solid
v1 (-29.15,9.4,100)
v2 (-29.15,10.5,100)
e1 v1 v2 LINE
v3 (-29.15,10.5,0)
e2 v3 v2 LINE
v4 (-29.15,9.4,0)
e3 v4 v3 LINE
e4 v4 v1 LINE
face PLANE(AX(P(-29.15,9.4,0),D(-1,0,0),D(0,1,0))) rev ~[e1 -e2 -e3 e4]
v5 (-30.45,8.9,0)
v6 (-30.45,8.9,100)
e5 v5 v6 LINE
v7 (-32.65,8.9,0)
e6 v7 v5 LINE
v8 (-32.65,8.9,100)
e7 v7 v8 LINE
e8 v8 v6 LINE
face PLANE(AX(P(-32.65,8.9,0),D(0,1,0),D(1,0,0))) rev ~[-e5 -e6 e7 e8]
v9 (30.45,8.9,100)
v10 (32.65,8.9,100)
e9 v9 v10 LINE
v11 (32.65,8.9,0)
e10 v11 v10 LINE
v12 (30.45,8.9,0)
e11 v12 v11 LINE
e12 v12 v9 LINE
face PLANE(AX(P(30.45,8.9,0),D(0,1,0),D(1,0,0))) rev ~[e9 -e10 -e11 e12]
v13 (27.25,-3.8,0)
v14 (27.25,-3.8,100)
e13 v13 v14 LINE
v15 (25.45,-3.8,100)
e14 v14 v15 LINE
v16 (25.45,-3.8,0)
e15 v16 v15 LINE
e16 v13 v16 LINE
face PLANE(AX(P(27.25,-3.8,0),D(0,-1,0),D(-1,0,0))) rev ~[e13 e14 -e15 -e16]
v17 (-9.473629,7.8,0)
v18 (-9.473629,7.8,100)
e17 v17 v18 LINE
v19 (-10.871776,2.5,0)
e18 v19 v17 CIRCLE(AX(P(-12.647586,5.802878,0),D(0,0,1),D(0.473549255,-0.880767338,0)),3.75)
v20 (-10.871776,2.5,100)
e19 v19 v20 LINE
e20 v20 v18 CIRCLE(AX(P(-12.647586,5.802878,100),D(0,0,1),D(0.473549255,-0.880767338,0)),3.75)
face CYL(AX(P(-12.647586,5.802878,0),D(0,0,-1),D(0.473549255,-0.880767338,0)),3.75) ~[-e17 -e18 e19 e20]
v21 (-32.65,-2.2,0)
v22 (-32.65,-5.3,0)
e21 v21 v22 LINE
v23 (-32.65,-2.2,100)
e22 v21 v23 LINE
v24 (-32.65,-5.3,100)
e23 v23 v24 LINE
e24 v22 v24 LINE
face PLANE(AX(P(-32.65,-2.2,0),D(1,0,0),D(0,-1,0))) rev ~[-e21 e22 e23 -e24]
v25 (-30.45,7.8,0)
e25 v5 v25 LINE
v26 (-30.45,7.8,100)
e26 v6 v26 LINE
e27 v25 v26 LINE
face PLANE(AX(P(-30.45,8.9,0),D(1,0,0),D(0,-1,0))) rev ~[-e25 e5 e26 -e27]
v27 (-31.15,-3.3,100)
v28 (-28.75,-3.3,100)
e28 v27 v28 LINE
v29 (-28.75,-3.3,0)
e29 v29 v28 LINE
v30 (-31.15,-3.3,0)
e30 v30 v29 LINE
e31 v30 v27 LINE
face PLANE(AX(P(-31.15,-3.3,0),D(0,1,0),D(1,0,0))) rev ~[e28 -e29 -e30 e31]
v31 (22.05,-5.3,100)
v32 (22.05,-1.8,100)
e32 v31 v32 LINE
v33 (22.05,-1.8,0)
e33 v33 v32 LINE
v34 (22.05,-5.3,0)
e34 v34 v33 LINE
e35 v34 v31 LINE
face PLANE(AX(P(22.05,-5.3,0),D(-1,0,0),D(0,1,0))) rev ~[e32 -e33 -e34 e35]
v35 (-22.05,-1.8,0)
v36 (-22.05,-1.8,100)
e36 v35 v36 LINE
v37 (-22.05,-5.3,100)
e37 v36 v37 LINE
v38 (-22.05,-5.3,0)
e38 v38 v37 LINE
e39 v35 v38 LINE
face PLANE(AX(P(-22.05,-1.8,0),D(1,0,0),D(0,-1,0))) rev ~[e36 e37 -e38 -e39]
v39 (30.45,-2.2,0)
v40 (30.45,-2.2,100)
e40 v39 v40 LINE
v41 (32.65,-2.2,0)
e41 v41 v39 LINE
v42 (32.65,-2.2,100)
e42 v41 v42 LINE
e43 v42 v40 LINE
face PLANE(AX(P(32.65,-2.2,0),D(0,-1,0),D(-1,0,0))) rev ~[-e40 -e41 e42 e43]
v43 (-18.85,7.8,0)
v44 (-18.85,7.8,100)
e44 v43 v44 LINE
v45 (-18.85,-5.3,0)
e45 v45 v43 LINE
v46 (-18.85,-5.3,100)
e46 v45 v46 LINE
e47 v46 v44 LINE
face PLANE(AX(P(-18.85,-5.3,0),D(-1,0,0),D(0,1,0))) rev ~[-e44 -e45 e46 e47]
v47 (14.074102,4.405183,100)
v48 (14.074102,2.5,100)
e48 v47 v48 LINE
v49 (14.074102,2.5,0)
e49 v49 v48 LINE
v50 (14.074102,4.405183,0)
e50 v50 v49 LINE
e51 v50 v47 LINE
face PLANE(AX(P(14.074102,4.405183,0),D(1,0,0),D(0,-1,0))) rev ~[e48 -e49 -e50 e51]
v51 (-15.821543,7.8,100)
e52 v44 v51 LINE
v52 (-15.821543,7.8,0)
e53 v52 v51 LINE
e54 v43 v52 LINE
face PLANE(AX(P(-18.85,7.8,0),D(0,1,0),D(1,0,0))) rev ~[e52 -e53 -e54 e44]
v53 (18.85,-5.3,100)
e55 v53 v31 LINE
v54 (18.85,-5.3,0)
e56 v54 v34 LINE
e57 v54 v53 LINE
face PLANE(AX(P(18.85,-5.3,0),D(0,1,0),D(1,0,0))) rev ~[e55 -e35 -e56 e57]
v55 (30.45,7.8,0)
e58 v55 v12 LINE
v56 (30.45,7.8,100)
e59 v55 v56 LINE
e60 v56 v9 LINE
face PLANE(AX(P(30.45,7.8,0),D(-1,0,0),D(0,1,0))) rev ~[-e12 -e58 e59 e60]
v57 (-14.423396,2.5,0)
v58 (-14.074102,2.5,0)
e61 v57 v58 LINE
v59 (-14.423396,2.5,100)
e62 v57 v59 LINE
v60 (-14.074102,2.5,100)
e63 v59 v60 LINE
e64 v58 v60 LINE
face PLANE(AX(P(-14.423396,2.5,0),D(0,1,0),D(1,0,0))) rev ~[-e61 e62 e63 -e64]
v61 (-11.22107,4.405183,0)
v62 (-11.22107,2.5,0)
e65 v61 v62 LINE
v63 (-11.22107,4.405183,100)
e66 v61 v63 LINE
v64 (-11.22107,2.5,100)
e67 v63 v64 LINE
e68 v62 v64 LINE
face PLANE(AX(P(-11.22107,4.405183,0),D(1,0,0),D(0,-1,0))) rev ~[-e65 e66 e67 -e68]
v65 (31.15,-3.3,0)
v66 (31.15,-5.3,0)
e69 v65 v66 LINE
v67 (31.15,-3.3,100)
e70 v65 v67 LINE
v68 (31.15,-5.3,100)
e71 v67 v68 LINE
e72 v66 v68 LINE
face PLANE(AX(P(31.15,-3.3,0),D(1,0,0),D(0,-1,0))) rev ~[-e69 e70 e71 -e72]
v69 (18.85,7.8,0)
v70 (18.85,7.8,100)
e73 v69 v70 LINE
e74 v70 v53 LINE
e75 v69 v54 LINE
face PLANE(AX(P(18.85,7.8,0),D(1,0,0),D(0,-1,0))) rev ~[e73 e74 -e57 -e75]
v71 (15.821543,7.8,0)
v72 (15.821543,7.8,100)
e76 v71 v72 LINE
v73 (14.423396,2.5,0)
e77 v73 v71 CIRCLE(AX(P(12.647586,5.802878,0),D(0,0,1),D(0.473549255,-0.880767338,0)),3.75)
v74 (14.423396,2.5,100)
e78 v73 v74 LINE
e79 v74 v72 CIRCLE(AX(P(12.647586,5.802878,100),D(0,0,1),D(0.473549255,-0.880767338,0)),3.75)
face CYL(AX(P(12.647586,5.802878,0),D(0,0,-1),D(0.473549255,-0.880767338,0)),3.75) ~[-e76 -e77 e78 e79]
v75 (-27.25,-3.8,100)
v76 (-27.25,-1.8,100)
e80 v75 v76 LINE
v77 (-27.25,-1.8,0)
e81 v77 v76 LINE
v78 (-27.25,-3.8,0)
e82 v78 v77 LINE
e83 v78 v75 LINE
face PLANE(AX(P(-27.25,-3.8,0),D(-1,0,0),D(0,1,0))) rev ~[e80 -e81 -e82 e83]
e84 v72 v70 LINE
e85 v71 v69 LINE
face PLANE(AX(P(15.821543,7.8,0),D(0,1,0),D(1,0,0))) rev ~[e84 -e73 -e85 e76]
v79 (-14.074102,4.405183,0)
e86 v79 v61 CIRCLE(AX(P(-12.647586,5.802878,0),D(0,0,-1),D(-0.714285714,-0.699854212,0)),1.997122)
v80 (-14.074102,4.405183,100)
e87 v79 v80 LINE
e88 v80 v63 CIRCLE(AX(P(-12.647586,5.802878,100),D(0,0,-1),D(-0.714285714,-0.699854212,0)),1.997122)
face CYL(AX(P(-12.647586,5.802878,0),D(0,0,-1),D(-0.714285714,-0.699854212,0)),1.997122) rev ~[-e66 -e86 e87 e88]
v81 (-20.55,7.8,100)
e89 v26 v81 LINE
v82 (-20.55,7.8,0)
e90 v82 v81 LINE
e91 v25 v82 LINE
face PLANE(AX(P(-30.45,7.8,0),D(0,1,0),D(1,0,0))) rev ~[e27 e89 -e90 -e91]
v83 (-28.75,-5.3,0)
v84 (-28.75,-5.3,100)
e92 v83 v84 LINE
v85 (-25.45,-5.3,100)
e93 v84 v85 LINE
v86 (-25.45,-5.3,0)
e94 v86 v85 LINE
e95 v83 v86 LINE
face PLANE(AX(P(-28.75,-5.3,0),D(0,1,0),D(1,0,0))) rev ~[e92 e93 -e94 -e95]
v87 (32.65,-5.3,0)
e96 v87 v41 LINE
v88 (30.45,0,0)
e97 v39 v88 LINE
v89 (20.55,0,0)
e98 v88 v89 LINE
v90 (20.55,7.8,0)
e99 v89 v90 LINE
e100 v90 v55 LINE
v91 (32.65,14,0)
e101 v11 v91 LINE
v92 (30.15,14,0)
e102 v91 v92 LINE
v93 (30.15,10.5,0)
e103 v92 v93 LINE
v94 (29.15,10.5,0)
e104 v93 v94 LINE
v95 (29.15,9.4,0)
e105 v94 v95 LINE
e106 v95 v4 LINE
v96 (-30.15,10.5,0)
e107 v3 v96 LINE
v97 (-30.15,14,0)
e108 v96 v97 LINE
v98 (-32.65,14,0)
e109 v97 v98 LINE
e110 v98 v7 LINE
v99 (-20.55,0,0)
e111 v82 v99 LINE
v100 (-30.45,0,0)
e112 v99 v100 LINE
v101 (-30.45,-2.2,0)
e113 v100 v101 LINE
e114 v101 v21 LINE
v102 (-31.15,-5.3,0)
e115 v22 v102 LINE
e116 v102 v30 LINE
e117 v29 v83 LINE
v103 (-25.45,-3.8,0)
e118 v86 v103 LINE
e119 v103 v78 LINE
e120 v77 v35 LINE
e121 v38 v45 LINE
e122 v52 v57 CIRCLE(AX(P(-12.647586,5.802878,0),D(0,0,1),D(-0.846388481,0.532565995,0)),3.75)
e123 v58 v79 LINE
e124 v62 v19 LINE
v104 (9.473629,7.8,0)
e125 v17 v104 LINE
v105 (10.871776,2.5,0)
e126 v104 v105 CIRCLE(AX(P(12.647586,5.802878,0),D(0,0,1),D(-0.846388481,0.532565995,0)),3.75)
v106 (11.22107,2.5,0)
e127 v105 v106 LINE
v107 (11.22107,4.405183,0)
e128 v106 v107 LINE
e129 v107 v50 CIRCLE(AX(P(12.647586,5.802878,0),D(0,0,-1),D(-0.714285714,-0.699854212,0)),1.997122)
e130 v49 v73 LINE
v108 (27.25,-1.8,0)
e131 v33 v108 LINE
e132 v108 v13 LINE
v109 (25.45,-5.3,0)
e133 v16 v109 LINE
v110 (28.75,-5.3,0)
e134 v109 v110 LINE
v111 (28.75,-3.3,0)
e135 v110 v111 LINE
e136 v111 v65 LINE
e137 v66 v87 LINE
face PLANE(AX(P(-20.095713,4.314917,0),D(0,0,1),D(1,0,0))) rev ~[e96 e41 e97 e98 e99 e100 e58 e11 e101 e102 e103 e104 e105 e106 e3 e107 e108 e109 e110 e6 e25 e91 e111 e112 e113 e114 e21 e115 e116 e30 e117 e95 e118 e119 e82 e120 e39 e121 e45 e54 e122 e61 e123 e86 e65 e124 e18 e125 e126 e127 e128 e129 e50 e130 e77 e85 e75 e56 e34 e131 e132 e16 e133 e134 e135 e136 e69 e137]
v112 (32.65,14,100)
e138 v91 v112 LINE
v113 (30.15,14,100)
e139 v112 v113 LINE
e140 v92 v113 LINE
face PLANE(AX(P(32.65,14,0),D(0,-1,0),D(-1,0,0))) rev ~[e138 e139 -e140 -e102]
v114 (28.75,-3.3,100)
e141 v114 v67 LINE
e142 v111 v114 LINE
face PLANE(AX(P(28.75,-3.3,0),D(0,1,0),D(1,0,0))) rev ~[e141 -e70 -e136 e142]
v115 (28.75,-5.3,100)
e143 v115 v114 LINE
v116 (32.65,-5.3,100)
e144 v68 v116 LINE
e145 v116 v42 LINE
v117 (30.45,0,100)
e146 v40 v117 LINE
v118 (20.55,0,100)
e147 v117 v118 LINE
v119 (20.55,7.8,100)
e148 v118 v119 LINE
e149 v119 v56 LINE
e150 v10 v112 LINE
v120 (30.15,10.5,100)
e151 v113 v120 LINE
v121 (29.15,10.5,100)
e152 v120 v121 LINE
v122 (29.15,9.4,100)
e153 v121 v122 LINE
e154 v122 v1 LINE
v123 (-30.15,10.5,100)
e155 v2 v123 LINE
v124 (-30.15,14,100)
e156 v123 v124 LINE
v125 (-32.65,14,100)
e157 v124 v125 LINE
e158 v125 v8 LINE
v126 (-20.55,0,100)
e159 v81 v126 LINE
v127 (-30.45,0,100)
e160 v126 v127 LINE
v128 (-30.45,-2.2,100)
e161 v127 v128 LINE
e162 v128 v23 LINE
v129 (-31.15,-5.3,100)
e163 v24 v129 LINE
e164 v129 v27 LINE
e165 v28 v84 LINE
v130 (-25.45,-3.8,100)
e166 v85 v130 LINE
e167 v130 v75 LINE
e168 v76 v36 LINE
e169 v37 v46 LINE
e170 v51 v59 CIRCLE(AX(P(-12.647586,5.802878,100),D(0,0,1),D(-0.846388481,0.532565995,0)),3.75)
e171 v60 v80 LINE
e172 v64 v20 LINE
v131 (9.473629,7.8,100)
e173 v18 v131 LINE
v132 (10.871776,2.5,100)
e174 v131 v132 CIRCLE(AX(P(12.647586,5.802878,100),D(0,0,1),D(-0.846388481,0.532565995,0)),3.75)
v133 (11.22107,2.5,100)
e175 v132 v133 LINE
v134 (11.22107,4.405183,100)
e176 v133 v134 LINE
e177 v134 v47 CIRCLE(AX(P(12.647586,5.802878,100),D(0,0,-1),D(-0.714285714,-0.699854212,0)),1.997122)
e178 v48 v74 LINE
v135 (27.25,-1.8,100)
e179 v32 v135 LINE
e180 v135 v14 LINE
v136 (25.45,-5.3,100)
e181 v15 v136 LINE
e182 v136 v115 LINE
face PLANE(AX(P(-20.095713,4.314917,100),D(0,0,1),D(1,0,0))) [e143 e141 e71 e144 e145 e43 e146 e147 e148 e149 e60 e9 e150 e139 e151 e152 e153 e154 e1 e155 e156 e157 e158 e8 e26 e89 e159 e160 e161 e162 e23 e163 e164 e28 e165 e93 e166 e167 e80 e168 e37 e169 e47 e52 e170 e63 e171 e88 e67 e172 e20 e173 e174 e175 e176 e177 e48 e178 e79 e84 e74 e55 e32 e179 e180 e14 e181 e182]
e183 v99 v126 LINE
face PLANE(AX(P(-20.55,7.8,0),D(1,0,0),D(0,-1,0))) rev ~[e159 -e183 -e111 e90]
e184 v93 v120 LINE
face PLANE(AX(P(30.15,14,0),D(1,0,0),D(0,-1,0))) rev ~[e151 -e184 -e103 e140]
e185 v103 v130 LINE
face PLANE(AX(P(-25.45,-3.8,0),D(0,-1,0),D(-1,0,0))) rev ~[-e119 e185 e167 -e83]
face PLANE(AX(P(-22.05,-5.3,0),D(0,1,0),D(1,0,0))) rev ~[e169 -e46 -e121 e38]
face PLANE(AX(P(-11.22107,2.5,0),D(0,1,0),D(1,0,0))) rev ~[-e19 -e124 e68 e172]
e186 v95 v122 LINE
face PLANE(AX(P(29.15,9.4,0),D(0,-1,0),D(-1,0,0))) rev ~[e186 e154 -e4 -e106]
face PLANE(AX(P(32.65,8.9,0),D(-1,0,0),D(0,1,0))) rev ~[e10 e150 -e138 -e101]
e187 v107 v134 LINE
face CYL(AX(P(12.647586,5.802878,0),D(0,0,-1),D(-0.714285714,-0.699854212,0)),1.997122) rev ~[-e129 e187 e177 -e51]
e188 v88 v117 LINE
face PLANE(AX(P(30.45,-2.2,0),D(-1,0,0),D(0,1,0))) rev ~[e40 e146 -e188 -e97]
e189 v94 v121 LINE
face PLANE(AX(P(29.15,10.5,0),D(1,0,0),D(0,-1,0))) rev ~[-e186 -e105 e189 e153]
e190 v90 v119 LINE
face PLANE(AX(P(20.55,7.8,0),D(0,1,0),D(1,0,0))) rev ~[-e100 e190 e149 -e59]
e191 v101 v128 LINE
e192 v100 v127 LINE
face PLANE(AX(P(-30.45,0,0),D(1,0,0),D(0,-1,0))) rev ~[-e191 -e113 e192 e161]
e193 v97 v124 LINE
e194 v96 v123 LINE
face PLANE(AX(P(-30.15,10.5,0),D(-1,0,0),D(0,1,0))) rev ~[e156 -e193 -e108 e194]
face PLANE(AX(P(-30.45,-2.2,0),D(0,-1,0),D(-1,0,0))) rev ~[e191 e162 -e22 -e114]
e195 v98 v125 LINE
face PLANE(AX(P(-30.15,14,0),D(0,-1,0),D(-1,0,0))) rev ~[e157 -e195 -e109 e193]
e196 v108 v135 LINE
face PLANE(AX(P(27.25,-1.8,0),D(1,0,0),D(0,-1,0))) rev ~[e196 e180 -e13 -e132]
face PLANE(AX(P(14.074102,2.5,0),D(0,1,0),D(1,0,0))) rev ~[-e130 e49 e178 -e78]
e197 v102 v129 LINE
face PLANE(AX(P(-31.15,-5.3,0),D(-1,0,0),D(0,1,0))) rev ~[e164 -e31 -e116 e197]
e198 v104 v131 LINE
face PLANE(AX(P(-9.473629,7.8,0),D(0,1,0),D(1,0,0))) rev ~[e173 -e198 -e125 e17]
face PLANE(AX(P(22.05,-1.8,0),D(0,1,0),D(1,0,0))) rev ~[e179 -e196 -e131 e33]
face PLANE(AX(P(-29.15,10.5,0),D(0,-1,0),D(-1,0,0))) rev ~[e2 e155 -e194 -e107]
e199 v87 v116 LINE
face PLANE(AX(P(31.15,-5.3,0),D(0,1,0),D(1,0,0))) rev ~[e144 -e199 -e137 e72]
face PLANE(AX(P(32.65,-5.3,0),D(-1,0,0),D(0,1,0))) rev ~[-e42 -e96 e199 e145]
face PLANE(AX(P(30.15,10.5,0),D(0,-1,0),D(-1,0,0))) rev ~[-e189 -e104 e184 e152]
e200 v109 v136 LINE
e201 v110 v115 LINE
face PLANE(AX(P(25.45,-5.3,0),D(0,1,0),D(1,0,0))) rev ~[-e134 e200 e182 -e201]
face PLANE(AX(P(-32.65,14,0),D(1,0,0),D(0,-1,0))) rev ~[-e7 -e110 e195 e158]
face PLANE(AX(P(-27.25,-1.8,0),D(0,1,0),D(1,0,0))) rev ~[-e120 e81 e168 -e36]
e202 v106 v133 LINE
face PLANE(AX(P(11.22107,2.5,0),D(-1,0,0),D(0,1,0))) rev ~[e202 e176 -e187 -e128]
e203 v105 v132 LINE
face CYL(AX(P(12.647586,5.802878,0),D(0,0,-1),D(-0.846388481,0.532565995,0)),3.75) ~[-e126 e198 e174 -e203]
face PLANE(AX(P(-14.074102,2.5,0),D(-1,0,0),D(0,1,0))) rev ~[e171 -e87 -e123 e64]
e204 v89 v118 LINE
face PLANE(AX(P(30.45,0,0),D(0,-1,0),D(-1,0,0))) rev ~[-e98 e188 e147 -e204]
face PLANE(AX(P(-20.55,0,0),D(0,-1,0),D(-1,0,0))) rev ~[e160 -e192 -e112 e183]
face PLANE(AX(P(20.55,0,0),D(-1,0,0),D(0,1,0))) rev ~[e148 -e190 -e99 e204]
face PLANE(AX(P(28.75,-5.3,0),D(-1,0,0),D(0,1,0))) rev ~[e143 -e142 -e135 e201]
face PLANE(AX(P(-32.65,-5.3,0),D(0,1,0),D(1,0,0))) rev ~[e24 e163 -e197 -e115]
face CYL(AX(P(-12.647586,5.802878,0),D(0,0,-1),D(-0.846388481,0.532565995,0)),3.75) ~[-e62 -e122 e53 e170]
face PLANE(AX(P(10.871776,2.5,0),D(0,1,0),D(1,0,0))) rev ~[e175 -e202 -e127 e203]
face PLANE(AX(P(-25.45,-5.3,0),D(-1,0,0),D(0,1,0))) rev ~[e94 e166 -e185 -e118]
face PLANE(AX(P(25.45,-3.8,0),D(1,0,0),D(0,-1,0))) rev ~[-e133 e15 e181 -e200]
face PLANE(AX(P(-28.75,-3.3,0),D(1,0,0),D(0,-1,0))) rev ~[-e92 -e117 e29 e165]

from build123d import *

# Parameters (mm, degrees)
ESTRUSIONE_ESTRUSIONE1_DEPTH = 100


with BuildPart() as part:
    # Schizzo1 → Estrusione-Estrusione1 (new body)
    with BuildSketch(Plane.XY):
        with BuildLine():
            Line((-30.15, 14), (-32.65, 14))
            Line((-32.65, 14), (-32.65, 8.9))
            Line((-32.65, 8.9), (-30.45, 8.9))
            Line((-30.45, 8.9), (-30.45, 7.8))
            Line((-30.45, 7.8), (-20.55, 7.8))
            Line((-20.55, 7.8), (-20.55, 0))
            Line((-20.55, 0), (-30.45, 0))
            Line((-30.45, 0), (-30.45, -2.2))
            Line((-30.45, -2.2), (-32.65, -2.2))
            Line((-32.65, -2.2), (-32.65, -5.3))
            Line((-32.65, -5.3), (-31.15, -5.3))
            Line((-31.15, -5.3), (-31.15, -3.3))
            Line((-31.15, -3.3), (-28.75, -3.3))
            Line((-28.75, -3.3), (-28.75, -5.3))
            Line((-28.75, -5.3), (-25.45, -5.3))
            Line((-25.45, -5.3), (-25.45, -3.8))
            Line((-25.45, -3.8), (-27.25, -3.8))
            Line((-27.25, -3.8), (-27.25, -1.8))
            Line((-27.25, -1.8), (-22.05, -1.8))
            Line((-22.05, -1.8), (-22.05, -5.3))
            Line((-22.05, -5.3), (-18.85, -5.3))
            Line((-18.85, -5.3), (-18.85, 7.8))
            Line((-18.85, 7.8), (-15.821542758, 7.8))
            ThreePointArc((-15.821542758, 7.8), (-16.273540604, 4.846345824), (-14.423395659, 2.5))
            Line((-14.423395659, 2.5), (-14.074102014, 2.5))
            Line((-14.074102014, 2.5), (-14.074102014, 4.405182935))
            ThreePointArc((-14.074102014, 4.405182935), (-12.647585955, 7.8), (-11.221069895, 4.405182935))
            Line((-11.221069895, 4.405182935), (-11.221069895, 2.5))
            Line((-11.221069895, 2.5), (-10.87177625, 2.5))
            ThreePointArc((-10.87177625, 2.5), (-9.021631305, 4.846345824), (-9.473629151, 7.8))
            Line((-9.473629151, 7.8), (0, 7.8))
            Line((0, 7.8), (0, 9.4))
            Line((0, 9.4), (-29.15, 9.4))
            Line((-29.15, 9.4), (-29.15, 10.5))
            Line((-29.15, 10.5), (-30.15, 10.5))
            Line((-30.15, 10.5), (-30.15, 14))
        make_face()
        with BuildLine():
            Line((29.15, 9.4), (0, 9.4))
            Line((0, 9.4), (0, 7.8))
            Line((0, 7.8), (9.473629151, 7.8))
            ThreePointArc((9.473629151, 7.8), (9.021631305, 4.846345824), (10.87177625, 2.5))
            Line((10.87177625, 2.5), (11.221069895, 2.5))
            Line((11.221069895, 2.5), (11.221069895, 4.405182935))
            ThreePointArc((11.221069895, 4.405182935), (12.647585955, 7.8), (14.074102014, 4.405182935))
            Line((14.074102014, 4.405182935), (14.074102014, 2.5))
            Line((14.074102014, 2.5), (14.423395659, 2.5))
            ThreePointArc((14.423395659, 2.5), (16.273540604, 4.846345824), (15.821542758, 7.8))
            Line((15.821542758, 7.8), (18.85, 7.8))
            Line((18.85, 7.8), (18.85, -5.3))
            Line((18.85, -5.3), (22.05, -5.3))
            Line((22.05, -5.3), (22.05, -1.8))
            Line((22.05, -1.8), (27.25, -1.8))
            Line((27.25, -1.8), (27.25, -3.8))
            Line((27.25, -3.8), (25.45, -3.8))
            Line((25.45, -3.8), (25.45, -5.3))
            Line((25.45, -5.3), (28.75, -5.3))
            Line((28.75, -5.3), (28.75, -3.3))
            Line((28.75, -3.3), (31.15, -3.3))
            Line((31.15, -3.3), (31.15, -5.3))
            Line((31.15, -5.3), (32.65, -5.3))
            Line((32.65, -5.3), (32.65, -2.2))
            Line((32.65, -2.2), (30.45, -2.2))
            Line((30.45, -2.2), (30.45, 0))
            Line((30.45, 0), (20.55, 0))
            Line((20.55, 0), (20.55, 7.8))
            Line((20.55, 7.8), (30.45, 7.8))
            Line((30.45, 7.8), (30.45, 8.9))
            Line((30.45, 8.9), (32.65, 8.9))
            Line((32.65, 8.9), (32.65, 14))
            Line((32.65, 14), (30.15, 14))
            Line((30.15, 14), (30.15, 10.5))
            Line((30.15, 10.5), (29.15, 10.5))
            Line((29.15, 10.5), (29.15, 9.4))
        make_face()
    extrude(amount=ESTRUSIONE_ESTRUSIONE1_DEPTH)


solid = part.part
